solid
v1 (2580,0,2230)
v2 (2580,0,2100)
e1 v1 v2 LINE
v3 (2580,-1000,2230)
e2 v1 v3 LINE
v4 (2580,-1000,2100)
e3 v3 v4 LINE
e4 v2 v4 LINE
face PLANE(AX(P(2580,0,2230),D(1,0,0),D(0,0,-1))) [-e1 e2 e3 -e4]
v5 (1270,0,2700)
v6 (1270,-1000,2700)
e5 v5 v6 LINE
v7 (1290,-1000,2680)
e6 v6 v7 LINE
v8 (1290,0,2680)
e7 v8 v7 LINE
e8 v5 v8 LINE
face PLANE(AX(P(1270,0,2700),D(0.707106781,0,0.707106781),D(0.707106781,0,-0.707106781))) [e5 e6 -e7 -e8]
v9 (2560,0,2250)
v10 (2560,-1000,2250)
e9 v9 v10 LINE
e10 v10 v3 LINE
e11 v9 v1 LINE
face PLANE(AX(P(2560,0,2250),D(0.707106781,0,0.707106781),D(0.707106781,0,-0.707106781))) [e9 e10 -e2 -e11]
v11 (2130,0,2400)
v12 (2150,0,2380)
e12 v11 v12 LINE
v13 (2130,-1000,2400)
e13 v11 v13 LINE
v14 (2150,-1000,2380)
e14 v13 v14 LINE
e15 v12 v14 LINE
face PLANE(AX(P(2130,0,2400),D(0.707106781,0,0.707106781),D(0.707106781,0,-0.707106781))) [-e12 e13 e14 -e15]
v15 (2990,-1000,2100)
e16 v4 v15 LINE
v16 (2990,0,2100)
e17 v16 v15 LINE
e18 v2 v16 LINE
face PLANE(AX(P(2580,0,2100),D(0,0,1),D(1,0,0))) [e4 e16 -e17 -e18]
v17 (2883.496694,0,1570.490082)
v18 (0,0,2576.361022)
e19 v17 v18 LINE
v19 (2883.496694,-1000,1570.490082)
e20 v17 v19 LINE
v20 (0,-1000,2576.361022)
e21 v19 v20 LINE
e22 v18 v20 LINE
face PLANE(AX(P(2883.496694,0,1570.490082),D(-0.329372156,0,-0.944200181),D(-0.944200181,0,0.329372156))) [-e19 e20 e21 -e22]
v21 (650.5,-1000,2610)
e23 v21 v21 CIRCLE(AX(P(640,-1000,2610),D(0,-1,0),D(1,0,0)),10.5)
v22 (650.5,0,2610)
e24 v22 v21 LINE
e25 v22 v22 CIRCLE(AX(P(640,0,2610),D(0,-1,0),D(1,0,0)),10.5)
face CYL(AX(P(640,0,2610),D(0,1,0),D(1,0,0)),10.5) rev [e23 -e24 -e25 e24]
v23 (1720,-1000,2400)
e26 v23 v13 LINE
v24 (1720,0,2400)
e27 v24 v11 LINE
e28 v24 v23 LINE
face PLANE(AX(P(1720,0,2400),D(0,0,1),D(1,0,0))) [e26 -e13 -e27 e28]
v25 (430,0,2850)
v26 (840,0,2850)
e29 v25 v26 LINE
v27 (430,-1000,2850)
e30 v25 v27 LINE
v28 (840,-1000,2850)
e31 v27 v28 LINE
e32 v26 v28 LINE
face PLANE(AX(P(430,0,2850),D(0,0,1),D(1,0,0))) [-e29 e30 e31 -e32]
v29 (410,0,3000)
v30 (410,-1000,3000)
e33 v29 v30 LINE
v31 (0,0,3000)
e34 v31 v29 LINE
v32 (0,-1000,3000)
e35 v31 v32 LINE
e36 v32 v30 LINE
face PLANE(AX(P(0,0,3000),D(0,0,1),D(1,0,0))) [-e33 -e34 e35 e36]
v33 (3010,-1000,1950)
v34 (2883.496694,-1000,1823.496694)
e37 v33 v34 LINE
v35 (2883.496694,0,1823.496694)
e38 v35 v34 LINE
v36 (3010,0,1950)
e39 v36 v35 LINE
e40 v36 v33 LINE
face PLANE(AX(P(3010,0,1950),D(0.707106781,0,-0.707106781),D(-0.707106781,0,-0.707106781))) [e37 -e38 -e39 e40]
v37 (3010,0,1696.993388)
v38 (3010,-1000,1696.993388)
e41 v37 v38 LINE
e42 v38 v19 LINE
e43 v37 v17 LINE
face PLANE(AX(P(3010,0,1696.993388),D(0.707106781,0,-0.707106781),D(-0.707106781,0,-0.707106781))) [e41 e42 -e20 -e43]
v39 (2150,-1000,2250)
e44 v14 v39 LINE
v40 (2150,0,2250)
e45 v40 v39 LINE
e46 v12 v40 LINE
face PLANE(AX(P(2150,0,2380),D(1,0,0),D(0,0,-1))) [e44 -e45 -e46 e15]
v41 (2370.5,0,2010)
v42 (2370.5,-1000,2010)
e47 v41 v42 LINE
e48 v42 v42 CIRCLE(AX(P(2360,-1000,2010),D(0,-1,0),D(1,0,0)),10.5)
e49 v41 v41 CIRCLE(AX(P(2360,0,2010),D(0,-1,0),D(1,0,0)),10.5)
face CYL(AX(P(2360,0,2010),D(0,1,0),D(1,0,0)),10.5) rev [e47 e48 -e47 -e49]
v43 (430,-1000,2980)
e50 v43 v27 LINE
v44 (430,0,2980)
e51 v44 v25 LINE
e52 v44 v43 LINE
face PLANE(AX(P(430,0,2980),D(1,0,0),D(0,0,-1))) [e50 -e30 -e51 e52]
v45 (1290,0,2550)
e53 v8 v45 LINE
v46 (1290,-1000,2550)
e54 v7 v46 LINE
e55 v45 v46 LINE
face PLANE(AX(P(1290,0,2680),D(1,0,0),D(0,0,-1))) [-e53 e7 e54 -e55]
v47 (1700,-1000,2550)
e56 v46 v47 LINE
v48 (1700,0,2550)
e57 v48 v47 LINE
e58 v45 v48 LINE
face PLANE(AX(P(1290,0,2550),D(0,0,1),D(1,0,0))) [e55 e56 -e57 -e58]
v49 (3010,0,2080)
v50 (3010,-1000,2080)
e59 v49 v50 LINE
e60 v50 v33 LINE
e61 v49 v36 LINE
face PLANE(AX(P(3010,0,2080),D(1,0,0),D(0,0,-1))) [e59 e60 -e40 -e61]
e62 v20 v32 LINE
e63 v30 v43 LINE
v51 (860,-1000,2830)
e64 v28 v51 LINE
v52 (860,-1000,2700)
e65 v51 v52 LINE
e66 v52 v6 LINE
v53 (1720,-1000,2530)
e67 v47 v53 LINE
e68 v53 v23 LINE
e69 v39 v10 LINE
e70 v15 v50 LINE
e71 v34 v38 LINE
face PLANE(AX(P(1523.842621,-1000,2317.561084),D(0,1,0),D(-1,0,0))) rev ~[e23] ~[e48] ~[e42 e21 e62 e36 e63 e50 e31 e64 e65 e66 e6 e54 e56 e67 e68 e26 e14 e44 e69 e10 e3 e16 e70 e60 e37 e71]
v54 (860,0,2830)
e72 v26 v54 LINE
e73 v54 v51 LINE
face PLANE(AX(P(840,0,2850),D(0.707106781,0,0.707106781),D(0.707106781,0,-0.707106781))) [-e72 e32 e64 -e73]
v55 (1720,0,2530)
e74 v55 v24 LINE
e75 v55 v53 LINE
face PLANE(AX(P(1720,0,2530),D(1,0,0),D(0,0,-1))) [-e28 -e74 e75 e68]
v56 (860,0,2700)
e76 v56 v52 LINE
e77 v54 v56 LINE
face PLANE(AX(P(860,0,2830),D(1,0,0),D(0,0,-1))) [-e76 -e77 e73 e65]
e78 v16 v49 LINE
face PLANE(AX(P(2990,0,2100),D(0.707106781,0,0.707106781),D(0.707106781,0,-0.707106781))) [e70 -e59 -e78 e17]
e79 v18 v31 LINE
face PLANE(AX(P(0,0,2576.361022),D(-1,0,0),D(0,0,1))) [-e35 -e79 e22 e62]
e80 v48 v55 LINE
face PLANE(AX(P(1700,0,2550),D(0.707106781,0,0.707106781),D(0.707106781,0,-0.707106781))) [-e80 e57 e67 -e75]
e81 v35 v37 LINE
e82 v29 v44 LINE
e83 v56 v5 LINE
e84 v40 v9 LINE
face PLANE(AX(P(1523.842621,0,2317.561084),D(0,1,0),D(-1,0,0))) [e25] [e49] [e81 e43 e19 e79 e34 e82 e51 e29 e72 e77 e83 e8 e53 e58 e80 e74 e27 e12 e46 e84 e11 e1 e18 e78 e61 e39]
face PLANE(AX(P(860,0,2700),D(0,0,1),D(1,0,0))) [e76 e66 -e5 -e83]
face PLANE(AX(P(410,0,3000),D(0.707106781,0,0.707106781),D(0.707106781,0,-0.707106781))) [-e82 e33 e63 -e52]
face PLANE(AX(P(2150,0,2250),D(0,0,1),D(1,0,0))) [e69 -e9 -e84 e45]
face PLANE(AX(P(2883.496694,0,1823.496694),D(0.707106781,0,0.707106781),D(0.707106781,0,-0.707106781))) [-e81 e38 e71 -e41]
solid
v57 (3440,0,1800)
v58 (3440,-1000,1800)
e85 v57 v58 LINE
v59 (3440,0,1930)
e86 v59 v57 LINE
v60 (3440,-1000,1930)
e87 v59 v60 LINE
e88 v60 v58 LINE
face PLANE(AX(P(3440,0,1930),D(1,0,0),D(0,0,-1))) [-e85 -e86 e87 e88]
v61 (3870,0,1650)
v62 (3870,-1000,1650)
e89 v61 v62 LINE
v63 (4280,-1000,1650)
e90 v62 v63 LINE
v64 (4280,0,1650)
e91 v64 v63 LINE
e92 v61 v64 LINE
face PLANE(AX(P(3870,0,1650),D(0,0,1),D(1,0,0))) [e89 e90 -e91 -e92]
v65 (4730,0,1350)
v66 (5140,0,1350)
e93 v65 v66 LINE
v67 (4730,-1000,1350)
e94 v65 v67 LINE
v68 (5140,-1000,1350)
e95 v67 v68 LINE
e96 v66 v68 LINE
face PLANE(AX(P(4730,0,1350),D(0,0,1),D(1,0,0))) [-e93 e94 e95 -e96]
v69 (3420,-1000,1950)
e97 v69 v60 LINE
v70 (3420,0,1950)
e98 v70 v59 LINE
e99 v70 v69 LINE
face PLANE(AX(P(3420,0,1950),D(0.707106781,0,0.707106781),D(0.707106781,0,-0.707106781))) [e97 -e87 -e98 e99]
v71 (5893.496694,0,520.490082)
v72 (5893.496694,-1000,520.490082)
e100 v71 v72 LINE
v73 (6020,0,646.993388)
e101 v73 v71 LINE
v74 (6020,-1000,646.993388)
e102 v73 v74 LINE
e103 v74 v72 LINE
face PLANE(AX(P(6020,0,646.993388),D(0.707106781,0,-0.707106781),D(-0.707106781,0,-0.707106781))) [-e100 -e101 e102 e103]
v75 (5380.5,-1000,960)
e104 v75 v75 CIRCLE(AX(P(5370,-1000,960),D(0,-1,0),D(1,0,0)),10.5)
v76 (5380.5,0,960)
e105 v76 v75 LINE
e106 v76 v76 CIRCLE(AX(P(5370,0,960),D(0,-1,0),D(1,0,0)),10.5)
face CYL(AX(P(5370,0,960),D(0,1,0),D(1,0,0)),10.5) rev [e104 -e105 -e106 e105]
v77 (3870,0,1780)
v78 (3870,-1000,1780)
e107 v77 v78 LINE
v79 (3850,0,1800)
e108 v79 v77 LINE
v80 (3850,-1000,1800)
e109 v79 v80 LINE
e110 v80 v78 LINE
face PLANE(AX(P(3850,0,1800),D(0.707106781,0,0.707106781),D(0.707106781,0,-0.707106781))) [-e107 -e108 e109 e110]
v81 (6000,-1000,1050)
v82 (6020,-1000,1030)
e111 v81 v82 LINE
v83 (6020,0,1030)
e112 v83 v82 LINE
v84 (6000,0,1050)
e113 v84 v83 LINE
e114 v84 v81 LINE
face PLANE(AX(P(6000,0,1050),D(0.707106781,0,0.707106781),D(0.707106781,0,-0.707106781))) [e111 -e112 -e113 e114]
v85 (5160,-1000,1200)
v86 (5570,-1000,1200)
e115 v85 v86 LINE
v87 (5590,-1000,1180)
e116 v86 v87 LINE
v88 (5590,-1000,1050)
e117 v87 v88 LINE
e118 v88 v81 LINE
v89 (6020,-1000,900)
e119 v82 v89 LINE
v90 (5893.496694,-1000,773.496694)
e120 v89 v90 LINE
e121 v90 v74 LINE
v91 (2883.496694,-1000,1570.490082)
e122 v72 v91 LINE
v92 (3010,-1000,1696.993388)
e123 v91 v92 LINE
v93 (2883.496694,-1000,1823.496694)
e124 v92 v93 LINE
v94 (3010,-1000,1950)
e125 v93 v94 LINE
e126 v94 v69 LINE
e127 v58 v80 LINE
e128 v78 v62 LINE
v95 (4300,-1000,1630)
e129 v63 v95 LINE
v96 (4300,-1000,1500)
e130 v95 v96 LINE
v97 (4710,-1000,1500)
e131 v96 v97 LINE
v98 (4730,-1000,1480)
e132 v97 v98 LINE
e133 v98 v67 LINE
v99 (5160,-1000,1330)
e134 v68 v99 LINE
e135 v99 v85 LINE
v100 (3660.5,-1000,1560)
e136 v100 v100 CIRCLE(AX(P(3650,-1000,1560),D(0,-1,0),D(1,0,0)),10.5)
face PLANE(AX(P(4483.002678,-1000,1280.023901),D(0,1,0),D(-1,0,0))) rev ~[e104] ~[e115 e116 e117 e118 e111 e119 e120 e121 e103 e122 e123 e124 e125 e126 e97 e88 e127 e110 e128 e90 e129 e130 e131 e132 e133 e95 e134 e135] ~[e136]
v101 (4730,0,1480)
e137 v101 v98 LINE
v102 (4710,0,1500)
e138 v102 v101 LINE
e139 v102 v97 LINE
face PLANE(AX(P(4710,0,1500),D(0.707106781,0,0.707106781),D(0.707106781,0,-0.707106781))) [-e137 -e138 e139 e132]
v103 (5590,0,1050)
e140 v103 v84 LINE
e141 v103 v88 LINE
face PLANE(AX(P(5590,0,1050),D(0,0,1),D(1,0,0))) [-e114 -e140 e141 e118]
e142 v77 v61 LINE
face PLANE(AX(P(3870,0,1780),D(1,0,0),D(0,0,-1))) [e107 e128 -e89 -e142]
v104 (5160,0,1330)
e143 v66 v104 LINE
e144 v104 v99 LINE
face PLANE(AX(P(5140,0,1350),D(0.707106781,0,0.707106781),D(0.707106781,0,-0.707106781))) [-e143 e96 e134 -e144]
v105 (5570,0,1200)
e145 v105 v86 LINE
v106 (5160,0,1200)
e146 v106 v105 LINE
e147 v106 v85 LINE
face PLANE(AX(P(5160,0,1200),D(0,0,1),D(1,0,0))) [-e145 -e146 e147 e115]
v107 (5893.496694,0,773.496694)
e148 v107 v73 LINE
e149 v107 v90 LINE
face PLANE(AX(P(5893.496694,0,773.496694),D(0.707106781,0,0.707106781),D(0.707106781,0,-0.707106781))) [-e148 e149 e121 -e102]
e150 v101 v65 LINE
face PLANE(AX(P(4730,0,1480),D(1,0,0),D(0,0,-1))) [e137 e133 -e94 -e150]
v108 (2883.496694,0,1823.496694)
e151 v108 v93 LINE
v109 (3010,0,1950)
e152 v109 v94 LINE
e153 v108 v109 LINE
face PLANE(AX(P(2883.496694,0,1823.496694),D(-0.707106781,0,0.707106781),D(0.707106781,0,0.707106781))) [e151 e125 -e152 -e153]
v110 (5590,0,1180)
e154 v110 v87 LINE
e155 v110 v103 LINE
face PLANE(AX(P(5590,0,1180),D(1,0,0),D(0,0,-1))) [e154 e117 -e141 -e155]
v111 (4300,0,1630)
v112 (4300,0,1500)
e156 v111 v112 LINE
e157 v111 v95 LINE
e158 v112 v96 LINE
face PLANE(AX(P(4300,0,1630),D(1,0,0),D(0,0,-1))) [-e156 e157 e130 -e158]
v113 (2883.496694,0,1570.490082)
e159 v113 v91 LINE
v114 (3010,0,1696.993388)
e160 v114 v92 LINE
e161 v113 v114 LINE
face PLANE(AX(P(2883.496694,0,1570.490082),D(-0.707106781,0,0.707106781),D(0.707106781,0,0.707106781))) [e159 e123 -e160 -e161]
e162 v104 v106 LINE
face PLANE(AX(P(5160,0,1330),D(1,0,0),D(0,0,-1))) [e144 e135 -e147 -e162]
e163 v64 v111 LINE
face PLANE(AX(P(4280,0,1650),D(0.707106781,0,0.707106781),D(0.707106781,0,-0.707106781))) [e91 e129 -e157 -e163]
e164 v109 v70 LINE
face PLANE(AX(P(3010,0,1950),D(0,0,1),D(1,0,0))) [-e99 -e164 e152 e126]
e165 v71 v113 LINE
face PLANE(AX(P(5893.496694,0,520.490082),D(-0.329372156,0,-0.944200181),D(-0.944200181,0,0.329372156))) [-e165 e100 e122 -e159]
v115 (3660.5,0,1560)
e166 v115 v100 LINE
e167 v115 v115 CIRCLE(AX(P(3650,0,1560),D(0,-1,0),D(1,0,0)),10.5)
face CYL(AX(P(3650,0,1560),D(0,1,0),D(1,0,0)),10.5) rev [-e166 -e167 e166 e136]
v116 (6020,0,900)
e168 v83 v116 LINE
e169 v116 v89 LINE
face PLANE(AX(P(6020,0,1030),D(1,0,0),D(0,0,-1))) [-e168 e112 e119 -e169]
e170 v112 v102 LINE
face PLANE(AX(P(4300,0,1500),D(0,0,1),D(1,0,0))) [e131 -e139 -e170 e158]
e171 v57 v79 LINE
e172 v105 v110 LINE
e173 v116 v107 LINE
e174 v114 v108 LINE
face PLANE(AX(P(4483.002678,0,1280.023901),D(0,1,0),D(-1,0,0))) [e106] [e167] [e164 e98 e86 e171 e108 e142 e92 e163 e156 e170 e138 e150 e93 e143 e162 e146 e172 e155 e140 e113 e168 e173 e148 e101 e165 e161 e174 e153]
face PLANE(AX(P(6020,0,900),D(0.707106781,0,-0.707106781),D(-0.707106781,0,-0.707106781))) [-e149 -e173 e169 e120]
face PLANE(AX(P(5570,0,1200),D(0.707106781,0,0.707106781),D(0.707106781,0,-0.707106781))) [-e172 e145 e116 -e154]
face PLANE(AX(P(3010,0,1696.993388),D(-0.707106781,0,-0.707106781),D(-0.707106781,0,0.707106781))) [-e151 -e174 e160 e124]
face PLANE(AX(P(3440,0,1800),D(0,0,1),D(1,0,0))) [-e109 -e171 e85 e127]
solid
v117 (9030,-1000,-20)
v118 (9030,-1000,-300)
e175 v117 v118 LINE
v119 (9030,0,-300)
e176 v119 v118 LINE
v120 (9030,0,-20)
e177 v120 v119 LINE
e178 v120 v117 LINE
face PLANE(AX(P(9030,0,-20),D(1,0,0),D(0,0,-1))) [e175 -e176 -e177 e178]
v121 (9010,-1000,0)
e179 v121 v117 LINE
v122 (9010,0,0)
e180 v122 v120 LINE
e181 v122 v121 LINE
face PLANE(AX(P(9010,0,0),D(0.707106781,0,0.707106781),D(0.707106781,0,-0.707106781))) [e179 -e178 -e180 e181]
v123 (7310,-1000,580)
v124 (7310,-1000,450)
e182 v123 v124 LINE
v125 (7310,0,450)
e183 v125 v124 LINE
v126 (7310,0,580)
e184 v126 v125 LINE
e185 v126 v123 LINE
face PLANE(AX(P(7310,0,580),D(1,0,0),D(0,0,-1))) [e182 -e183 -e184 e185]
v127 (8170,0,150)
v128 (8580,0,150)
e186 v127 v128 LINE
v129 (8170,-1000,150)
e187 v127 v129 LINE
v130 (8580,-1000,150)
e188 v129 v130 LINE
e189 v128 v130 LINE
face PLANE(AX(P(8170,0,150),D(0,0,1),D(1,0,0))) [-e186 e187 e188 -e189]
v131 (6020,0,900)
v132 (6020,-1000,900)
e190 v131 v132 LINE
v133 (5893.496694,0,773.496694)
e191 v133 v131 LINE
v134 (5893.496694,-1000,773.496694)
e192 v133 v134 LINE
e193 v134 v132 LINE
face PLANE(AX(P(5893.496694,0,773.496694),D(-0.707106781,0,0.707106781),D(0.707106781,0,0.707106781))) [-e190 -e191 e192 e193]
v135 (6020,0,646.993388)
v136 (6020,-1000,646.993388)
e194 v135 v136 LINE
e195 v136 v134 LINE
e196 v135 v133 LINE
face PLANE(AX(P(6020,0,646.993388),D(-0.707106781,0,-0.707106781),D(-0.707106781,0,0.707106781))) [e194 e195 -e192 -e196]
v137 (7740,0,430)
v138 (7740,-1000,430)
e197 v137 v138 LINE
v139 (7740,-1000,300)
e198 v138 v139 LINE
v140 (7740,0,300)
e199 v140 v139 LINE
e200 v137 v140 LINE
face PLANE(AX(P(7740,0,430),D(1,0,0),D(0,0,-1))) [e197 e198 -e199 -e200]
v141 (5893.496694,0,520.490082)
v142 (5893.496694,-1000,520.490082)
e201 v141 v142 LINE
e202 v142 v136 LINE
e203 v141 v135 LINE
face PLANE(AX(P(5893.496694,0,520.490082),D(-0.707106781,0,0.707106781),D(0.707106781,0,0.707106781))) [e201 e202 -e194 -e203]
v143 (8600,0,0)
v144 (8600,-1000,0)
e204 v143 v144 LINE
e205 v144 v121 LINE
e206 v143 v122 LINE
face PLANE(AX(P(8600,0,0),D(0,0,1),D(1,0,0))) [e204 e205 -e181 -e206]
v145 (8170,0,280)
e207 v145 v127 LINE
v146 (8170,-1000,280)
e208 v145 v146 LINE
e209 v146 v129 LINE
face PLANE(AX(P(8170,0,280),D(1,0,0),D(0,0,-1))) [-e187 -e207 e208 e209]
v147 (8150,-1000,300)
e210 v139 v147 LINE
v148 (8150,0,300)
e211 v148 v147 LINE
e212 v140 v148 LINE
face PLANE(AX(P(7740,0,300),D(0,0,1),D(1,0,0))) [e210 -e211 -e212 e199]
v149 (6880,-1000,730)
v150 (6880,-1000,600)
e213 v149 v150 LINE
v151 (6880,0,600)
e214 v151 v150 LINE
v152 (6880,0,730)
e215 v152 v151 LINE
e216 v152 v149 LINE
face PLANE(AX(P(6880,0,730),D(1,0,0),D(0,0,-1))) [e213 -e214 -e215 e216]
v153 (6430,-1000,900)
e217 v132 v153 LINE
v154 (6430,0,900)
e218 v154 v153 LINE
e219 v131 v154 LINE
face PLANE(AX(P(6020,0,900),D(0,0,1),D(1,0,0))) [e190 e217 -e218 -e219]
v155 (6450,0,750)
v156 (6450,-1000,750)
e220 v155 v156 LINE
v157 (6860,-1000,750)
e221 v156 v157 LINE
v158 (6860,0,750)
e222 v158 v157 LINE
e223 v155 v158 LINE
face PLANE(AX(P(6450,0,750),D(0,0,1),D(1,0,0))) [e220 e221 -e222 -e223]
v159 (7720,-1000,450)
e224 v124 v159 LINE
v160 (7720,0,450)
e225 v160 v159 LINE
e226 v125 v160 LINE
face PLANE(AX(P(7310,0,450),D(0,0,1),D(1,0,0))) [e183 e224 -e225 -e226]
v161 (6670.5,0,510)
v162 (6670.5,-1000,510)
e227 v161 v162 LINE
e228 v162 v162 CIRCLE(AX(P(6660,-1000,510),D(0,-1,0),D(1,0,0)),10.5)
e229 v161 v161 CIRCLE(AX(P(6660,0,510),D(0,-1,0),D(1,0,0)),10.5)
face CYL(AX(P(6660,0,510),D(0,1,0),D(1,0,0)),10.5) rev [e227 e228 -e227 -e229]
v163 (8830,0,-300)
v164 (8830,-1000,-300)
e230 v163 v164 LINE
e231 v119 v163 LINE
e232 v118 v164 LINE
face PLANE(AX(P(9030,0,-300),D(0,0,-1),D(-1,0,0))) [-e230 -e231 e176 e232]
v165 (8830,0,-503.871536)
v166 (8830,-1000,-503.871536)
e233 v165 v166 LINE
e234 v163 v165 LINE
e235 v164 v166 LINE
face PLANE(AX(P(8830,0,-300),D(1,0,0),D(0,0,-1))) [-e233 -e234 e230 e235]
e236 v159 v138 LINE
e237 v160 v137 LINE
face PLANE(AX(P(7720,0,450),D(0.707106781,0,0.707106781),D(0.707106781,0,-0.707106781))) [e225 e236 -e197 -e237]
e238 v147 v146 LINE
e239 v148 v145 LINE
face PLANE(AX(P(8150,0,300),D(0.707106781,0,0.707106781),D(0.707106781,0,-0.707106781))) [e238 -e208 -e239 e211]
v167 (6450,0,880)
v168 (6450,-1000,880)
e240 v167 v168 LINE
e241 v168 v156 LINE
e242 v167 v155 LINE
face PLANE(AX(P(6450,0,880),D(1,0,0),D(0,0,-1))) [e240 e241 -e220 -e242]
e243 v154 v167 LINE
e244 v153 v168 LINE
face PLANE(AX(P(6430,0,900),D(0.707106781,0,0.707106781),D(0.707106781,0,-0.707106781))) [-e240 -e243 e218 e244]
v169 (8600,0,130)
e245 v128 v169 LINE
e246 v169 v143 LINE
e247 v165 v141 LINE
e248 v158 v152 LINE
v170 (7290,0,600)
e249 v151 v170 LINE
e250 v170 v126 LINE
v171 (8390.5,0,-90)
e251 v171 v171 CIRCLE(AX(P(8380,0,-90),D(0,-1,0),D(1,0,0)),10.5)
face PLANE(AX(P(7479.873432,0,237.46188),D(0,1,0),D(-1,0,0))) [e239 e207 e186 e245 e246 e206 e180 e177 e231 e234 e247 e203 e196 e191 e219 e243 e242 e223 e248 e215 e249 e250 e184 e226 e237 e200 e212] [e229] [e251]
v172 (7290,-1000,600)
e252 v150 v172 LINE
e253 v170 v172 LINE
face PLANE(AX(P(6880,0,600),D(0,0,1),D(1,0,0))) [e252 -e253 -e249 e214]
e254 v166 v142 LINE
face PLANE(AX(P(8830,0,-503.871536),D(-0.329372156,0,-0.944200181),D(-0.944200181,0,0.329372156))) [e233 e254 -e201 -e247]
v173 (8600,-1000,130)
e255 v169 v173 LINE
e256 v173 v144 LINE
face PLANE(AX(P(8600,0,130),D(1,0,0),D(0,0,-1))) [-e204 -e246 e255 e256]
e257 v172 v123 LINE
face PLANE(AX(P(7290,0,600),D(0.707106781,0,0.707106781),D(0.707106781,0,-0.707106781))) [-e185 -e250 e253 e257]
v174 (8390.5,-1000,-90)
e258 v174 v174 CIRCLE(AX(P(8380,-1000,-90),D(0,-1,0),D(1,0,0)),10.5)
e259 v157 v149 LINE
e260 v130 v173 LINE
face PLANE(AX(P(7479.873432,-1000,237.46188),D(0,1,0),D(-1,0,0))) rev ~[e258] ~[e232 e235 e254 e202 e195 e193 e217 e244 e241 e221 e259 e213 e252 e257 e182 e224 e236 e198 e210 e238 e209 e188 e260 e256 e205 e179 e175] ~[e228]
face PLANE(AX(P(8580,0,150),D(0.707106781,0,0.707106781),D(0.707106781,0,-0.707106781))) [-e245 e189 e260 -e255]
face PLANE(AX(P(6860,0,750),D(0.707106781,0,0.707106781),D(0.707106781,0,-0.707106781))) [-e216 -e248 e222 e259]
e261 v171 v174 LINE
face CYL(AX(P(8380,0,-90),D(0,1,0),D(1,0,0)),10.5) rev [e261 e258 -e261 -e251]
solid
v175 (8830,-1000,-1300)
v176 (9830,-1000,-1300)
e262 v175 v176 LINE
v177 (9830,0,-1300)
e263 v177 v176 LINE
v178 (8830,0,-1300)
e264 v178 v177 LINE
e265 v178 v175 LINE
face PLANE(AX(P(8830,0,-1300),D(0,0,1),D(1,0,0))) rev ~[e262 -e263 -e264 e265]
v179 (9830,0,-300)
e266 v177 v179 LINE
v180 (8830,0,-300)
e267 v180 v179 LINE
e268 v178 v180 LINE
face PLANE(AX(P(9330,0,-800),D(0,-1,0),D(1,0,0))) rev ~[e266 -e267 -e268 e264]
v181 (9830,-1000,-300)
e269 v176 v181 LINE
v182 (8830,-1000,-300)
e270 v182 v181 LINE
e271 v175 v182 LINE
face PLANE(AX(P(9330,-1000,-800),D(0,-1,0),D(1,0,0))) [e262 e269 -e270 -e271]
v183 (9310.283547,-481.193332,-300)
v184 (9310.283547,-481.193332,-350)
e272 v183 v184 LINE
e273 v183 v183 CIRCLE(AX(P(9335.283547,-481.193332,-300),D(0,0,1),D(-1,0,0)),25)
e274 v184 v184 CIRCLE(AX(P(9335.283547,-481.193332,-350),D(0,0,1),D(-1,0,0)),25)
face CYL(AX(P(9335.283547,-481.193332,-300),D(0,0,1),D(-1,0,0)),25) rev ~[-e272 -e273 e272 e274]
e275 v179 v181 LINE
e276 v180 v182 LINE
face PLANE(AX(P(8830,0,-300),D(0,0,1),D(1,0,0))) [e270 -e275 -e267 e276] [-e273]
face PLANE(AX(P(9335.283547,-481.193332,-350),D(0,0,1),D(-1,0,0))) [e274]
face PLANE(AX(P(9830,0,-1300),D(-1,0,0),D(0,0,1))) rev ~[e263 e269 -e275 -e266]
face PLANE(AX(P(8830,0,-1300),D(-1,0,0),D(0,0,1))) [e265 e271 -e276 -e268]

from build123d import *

# Parameters (mm, degrees)
SKETCH001_R  = 10.5
PAD_DEPTH    = 1000
SKETCH002_R  = 10.5
PAD001_DEPTH = 1000
SKETCH003_R  = 10.5
PAD002_DEPTH = 1000
SKETCH004_W  = 1000
SKETCH004_H  = 1000
PAD003_DEPTH = 1000
SKETCH005_R  = 25
POCKET_DEPTH = 50


with BuildPart() as topsection:
    # Sketch001 → Pad (new body)
    with BuildSketch(Plane.XZ):
        Polygon((0, 3000), (410, 3000), (430, 2980), (430, 2850), (840, 2850), (860, 2830), (860, 2700), (1270, 2700), (1290, 2680), (1290, 2550), (1700, 2550), (1720, 2530), (1720, 2400), (2130, 2400), (2150, 2380), (2150, 2250), (2560, 2250), (2580, 2230), (2580, 2100), (2990, 2100), (3010, 2080), (3010, 1950), (2883.496694, 1823.496694), (3010, 1696.993388), (2883.496694, 1570.490082), (0, 2576.361022), align=None)
        with Locations((640, 2610)):
            Circle(SKETCH001_R, mode=Mode.SUBTRACT)
        with Locations((2360, 2010)):
            Circle(SKETCH001_R, mode=Mode.SUBTRACT)
    extrude(amount=PAD_DEPTH)


with BuildPart() as middlesection:
    # Sketch002 → Pad001 (new body)
    with BuildSketch(Plane.XZ):
        Polygon((3010, 1950), (3420, 1950), (3440, 1930), (3440, 1800), (3850, 1800), (3870, 1780), (3870, 1650), (4280, 1650), (4300, 1630), (4300, 1500), (4710, 1500), (4730, 1480), (4730, 1350), (5140, 1350), (5160, 1330), (5160, 1200), (5570, 1200), (5590, 1180), (5590, 1050), (6000, 1050), (6020, 1030), (6020, 900), (5893.496694, 773.496694), (6020, 646.993388), (5893.496694, 520.490082), (2883.496694, 1570.490082), (3010, 1696.993388), (2883.496694, 1823.496694), align=None)
        with Locations((3650, 1560)):
            Circle(SKETCH002_R, mode=Mode.SUBTRACT)
        with Locations((5370, 960)):
            Circle(SKETCH002_R, mode=Mode.SUBTRACT)
    extrude(amount=PAD001_DEPTH)


with BuildPart() as bottomsection:
    # Sketch003 → Pad002 (new body)
    with BuildSketch(Plane.XZ):
        Polygon((6020, 900), (6430, 900), (6450, 880), (6450, 750), (6860, 750), (6880, 730), (6880, 600), (7290, 600), (7310, 580), (7310, 450), (7720, 450), (7740, 430), (7740, 300), (8150, 300), (8170, 280), (8170, 150), (8580, 150), (8600, 130), (8600, 0), (9010, 0), (9030, -20), (9030, -300), (8830, -300), (8830, -503.871536), (5893.496694, 520.490082), (6020, 646.993388), (5893.496694, 773.496694), align=None)
        with Locations((8380, -90)):
            Circle(SKETCH003_R, mode=Mode.SUBTRACT)
        with Locations((6660, 510)):
            Circle(SKETCH003_R, mode=Mode.SUBTRACT)
    extrude(amount=PAD002_DEPTH)


with BuildPart() as socketsection:
    # Sketch004 → Pad003 (new body)
    with BuildSketch(Plane.XZ):
        with Locations((9330, -800)):
            Rectangle(SKETCH004_W, SKETCH004_H)
    extrude(amount=PAD003_DEPTH)

    # Sketch005 (on DatumPlane) → Pocket (cut)
    with BuildSketch(Plane(origin=(0, 0, -300), x_dir=(-1, 0, 0), z_dir=(0, 0, 1))):
        with Locations((-9335.283547, 481.193332)):
            Circle(SKETCH005_R)
    extrude(amount=-POCKET_DEPTH, mode=Mode.SUBTRACT)


solid = Compound([topsection.part, middlesection.part, bottomsection.part, socketsection.part])
